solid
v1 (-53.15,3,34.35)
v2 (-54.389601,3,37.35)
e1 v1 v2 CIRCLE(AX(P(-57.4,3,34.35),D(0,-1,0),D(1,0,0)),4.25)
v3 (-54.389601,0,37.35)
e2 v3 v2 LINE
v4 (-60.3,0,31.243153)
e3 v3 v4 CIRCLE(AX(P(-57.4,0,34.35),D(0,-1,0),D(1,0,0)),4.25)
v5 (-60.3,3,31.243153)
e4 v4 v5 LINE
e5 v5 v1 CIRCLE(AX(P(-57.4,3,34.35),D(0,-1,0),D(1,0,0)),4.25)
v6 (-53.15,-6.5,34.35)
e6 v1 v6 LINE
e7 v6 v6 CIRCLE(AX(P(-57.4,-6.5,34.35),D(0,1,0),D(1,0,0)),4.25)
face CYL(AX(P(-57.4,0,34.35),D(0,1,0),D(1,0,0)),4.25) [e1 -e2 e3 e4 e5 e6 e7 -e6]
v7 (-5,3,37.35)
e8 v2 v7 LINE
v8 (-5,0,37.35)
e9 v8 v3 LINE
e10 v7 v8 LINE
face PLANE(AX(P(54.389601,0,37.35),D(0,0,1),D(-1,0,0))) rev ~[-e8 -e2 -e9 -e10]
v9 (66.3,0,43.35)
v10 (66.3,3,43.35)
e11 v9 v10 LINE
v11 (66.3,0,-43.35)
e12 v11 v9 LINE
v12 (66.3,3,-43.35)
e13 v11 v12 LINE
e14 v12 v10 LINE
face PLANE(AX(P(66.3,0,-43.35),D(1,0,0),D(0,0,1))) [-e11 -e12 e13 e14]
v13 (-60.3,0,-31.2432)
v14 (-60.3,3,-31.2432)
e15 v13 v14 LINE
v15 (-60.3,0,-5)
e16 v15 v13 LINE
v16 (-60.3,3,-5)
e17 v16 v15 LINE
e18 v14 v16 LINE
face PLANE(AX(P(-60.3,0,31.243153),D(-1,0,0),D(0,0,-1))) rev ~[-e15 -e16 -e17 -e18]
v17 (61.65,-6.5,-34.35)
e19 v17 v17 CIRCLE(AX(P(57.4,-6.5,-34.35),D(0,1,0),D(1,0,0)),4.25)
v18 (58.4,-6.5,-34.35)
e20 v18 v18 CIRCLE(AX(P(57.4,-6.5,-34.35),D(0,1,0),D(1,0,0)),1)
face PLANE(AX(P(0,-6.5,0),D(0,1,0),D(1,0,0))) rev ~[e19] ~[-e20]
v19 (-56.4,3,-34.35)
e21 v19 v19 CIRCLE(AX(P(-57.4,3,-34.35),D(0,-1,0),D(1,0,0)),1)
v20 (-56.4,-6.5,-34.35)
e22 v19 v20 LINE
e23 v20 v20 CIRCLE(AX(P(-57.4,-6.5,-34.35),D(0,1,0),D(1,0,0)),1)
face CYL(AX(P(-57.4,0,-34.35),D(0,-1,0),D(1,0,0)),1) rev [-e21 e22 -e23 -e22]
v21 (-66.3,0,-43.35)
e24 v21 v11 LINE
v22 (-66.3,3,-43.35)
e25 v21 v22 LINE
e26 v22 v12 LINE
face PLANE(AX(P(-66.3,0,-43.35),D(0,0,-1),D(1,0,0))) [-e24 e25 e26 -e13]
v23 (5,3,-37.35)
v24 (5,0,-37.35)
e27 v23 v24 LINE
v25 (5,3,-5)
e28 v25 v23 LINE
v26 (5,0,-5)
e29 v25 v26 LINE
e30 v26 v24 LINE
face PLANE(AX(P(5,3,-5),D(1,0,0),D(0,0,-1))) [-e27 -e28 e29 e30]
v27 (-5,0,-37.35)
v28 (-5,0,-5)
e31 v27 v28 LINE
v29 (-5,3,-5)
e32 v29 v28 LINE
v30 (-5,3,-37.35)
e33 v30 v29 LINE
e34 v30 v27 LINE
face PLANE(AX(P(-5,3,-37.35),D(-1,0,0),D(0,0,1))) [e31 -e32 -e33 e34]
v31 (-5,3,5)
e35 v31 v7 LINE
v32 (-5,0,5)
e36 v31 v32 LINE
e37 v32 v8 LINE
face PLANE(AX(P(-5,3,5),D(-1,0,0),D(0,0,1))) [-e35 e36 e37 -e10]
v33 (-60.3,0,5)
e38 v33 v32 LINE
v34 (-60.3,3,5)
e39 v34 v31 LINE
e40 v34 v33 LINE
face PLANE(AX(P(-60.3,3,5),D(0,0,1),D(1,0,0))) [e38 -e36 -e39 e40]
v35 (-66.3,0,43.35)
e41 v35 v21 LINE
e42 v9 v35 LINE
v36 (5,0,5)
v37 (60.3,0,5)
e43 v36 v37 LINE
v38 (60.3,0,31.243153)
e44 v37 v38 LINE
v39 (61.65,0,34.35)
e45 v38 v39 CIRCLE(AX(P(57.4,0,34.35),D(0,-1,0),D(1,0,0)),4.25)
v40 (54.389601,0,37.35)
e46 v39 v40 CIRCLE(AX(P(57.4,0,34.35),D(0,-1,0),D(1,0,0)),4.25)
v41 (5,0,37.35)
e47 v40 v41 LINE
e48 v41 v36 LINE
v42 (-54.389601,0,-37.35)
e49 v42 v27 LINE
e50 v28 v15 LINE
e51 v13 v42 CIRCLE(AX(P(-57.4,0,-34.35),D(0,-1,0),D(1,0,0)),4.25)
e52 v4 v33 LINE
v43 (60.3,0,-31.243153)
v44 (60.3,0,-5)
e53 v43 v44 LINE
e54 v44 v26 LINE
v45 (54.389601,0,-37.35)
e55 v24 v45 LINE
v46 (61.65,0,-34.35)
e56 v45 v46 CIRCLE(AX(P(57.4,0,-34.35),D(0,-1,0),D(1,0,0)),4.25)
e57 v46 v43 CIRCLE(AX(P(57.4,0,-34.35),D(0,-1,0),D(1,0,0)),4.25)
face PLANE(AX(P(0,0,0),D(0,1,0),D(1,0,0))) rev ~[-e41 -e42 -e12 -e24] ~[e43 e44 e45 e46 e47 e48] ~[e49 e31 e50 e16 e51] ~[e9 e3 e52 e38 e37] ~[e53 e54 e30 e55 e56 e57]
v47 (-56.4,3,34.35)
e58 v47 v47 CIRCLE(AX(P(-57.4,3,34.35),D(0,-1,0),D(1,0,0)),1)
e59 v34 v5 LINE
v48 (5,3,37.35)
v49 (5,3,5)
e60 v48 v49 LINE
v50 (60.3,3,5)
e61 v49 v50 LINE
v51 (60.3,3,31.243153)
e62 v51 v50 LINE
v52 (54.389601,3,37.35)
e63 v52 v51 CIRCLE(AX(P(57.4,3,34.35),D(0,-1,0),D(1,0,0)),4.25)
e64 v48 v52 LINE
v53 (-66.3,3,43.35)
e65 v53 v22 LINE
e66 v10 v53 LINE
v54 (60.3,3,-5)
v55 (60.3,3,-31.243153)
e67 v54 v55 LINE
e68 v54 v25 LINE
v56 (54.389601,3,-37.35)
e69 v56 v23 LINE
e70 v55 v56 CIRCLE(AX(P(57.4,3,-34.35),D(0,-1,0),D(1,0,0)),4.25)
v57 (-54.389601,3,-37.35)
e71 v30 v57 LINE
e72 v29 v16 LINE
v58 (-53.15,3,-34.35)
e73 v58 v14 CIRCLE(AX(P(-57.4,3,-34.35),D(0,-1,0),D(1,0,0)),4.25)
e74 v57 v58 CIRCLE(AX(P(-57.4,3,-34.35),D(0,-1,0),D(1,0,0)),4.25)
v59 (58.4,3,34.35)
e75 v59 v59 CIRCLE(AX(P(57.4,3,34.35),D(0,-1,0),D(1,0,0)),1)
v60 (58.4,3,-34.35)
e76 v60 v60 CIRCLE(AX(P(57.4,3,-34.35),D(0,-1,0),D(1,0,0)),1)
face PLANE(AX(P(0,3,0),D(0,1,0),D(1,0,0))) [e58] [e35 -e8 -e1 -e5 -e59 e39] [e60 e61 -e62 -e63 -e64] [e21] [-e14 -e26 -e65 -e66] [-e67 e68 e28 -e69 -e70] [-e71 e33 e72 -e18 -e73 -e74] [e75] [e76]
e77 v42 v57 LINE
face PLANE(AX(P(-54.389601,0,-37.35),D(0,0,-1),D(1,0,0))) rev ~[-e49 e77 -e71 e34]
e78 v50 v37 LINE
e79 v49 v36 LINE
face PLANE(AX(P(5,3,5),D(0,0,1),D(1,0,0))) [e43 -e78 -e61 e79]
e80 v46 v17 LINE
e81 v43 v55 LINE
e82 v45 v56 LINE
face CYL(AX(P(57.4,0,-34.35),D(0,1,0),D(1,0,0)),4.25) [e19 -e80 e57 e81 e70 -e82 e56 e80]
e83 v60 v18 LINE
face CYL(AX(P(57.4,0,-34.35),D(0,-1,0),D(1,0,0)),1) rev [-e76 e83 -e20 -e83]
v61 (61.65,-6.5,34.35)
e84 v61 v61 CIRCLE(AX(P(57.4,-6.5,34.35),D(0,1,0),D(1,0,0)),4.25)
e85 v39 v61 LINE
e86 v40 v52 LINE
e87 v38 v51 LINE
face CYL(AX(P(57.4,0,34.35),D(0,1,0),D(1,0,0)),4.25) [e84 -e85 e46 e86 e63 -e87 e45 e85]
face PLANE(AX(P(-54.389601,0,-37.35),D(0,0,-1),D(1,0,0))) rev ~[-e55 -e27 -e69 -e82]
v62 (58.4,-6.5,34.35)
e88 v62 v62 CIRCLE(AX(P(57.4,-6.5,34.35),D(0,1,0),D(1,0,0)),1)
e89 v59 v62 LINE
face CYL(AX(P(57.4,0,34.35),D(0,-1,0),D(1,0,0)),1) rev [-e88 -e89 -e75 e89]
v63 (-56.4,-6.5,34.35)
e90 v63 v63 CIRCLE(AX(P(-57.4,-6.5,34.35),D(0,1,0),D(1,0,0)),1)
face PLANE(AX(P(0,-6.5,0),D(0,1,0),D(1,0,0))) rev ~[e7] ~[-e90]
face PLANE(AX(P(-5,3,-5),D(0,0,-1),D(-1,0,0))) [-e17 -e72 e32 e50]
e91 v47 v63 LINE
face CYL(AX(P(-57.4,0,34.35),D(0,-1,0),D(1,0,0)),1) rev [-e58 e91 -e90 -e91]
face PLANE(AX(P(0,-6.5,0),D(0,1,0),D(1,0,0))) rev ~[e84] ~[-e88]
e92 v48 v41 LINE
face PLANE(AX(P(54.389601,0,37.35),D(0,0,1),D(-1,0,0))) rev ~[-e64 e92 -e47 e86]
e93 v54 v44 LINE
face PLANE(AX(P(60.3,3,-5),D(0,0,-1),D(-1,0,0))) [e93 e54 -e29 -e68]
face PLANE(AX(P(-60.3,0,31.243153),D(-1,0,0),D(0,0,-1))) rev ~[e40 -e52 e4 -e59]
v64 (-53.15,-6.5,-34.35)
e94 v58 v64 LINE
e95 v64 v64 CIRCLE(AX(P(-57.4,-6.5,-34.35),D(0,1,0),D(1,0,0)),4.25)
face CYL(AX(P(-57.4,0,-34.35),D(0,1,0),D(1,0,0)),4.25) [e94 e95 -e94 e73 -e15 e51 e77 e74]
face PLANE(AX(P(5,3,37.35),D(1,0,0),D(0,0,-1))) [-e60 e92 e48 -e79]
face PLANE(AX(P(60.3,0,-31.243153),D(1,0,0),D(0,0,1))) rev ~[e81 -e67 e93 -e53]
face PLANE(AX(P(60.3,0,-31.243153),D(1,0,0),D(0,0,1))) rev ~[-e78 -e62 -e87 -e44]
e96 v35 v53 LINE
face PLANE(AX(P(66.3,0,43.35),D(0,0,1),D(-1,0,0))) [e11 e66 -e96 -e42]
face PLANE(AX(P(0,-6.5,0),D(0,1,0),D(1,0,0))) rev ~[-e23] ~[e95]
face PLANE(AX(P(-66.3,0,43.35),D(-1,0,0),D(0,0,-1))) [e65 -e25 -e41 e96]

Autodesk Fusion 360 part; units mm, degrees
sketch "Sketch1" plane through (0, 0, 0) normal (0, 1, 0) x (1, 0, 0)
  line L0 (60.3, -37.35) -> (-60.3, -37.35)
  line L1 (-60.3, -37.35) -> (-60.3, 31.2432)
  line L2 (-60.3, 37.35) -> (60.3, 37.35)
  line L3 (60.3, 37.35) -> (60.3, -37.35)
  line L4 (60.3, -37.35) -> (-60.3, 37.35) construction
  line L5 (-60.3, -37.35) -> (60.3, 37.35) construction
  line L6 (-66.3, 43.35) -> (66.3, 43.35)
  line L7 (66.3, 43.35) -> (66.3, -43.35)
  line L8 (66.3, -43.35) -> (-66.3, -43.35)
  line L9 (-66.3, -43.35) -> (-66.3, 43.35)
  line L10 (-60.3, -37.35) -> (-54.5, -37.35)
  line L11 (-60.3, -31.35) -> (-60.3, -37.35)
  line L12 (60.3, -37.35) -> (54.5, -37.35)
  line L13 (60.3, -31.35) -> (60.3, -37.35)
  line L14 (-60.3, 37.35) -> (-54.5, 37.35)
  line L15 (-60.3, 31.35) -> (-60.3, 37.35)
  line L16 (60.3, 37.35) -> (54.5, 37.35)
  line L17 (60.3, 31.35) -> (60.3, 37.35)
  circle A0 centre (-57.4, -34.35) radius 1
  circle A1 centre (57.4, -34.35) radius 1
  line L18 (2.5, 0) -> (20, 0)
  circle A2 centre (57.4, 34.35) radius 1
  circle A3 centre (-57.4, 34.35) radius 1
  circle A4 centre (0, -40.35) radius 1
  circle A5 centre (0, 40.35) radius 1
  circle A6 centre (57.4, -34.35) radius 4.25
  circle A7 centre (57.4, 34.35) radius 4.25
  circle A8 centre (-57.4, 34.35) radius 4.25
  circle A9 centre (-57.4, -34.35) radius 4.25
  point P0 (-57.4, 34.35)
  dimension "d1" = 120.6
  dimension "d2" = 74.7
  dimension "d6" = 5.8
  dimension "d7" = 6
  dimension "d8" = 5.8
  dimension "d9" = 6
  dimension "d10" = 5.8
  dimension "d11" = 6
  dimension "d12" = 5.8
  dimension "d13" = 6
  dimension "d16" = 2
  dimension "d17" = 2
  dimension "d18" = 2
  dimension "d22" = 2
  dimension "d23" = 8.5
  dimension "d24" = 8.5
  dimension "d25" = 8.5
  dimension "d26" = 8.5
extrude "Extrude1" add sketch "Sketch1" along normal blind 3 contours L0 L3 L12 L13 A6 | L0 L3 L12 L13 A6 | L0 L1 L2 L3 A6 A7 A8 A9 | L0 L1 L10 L11 A9 | L0 L1 L10 L11 A9 | L2 L3 L16 L17 A7 | L2 L3 L16 L17 A7 | A8 | L6 L7 L8 L9 | A0 | A1 | A2 | A3 | A4 | A5
extrude "Extrude3" cut sketch "Sketch1" along normal blind 10 contours A0 | A1 | A2 | A3
extrude "Extrude4" add sketch "Sketch1" against normal blind 6.5 contours L0 L3 L12 L13 A6 | L0 L3 L12 L13 A6 | L0 L1 L10 L11 A9 | L0 L1 L10 L11 A9 | L2 L3 L16 L17 A7 | L2 L3 L16 L17 A7 | A8
sketch "Sketch2" plane through (0, 0, 0) normal (0, 1, 0) x (1, 0, 0)
extrude "Extrude5" cut sketch "Sketch1" along normal blind 10 contours L0 L1 L2 L3 A6 A7 A8 A9
sketch "Sketch3" plane through (0, 3, 0) normal (0, 1, 0) x (-1, 0, 0)
  arc A0 (54.3896, 37.35) -> (60.3, 31.2432) centre (57.4, 34.35) ccw
  line L0 (60.3, 31.2432) -> (60.3, -31.2432)
  arc A1 (60.3, -31.2432) -> (54.3896, -37.35) centre (57.4, -34.35) ccw
  line L1 (54.3896, -37.35) -> (-54.3896, -37.35)
  arc A2 (-54.3896, -37.35) -> (-60.3, -31.2432) centre (-57.4, -34.35) ccw
  line L2 (-60.3, -31.2432) -> (-60.3, 31.2432)
  arc A3 (-60.3, 31.2432) -> (-54.3896, 37.35) centre (-57.4, 34.35) ccw
  line L3 (-54.3896, 37.35) -> (54.3896, 37.35)
  circle A4 centre (57.4, -34.35) radius 1
  circle A5 centre (57.4, 34.35) radius 1
  circle A6 centre (-57.4, -34.35) radius 1
  circle A7 centre (-57.4, 34.35) radius 1
  line L4 (66.3, 43.35) -> (-66.3, 43.35)
  line L5 (-66.3, 43.35) -> (-66.3, -43.35)
  line L6 (-66.3, -43.35) -> (66.3, -43.35)
  line L7 (66.3, -43.35) -> (66.3, 43.35)
  line L8 (-5, -37.35) -> (5, -37.35)
  line L9 (5, -37.35) -> (5, 37.35)
  line L10 (5, 37.35) -> (-5, 37.35)
  line L11 (-5, 37.35) -> (-5, -37.35)
  line L12 (-5, -37.35) -> (5, 37.35) construction
  line L13 (5, -37.35) -> (-5, 37.35) construction
  line L14 (60.3, 5) -> (-60.3, 5)
  line L15 (-60.3, 5) -> (-60.3, -5)
  line L16 (-60.3, -5) -> (60.3, -5)
  line L17 (60.3, -5) -> (60.3, 5)
  line L18 (60.3, 5) -> (-60.3, -5) construction
  line L19 (-60.3, 5) -> (60.3, -5) construction
  dimension "d31" = 10
  dimension "d32" = 10
extrude "Extrude6" add sketch "Sketch3" against normal blind 3 contours L3 L9 L10 L11 L14 | L0 L9 L14 L16 L17 | L9 L11 L14 L16 | L2 L11 L14 L15 L16 | L1 L8 L9 L11 L16
